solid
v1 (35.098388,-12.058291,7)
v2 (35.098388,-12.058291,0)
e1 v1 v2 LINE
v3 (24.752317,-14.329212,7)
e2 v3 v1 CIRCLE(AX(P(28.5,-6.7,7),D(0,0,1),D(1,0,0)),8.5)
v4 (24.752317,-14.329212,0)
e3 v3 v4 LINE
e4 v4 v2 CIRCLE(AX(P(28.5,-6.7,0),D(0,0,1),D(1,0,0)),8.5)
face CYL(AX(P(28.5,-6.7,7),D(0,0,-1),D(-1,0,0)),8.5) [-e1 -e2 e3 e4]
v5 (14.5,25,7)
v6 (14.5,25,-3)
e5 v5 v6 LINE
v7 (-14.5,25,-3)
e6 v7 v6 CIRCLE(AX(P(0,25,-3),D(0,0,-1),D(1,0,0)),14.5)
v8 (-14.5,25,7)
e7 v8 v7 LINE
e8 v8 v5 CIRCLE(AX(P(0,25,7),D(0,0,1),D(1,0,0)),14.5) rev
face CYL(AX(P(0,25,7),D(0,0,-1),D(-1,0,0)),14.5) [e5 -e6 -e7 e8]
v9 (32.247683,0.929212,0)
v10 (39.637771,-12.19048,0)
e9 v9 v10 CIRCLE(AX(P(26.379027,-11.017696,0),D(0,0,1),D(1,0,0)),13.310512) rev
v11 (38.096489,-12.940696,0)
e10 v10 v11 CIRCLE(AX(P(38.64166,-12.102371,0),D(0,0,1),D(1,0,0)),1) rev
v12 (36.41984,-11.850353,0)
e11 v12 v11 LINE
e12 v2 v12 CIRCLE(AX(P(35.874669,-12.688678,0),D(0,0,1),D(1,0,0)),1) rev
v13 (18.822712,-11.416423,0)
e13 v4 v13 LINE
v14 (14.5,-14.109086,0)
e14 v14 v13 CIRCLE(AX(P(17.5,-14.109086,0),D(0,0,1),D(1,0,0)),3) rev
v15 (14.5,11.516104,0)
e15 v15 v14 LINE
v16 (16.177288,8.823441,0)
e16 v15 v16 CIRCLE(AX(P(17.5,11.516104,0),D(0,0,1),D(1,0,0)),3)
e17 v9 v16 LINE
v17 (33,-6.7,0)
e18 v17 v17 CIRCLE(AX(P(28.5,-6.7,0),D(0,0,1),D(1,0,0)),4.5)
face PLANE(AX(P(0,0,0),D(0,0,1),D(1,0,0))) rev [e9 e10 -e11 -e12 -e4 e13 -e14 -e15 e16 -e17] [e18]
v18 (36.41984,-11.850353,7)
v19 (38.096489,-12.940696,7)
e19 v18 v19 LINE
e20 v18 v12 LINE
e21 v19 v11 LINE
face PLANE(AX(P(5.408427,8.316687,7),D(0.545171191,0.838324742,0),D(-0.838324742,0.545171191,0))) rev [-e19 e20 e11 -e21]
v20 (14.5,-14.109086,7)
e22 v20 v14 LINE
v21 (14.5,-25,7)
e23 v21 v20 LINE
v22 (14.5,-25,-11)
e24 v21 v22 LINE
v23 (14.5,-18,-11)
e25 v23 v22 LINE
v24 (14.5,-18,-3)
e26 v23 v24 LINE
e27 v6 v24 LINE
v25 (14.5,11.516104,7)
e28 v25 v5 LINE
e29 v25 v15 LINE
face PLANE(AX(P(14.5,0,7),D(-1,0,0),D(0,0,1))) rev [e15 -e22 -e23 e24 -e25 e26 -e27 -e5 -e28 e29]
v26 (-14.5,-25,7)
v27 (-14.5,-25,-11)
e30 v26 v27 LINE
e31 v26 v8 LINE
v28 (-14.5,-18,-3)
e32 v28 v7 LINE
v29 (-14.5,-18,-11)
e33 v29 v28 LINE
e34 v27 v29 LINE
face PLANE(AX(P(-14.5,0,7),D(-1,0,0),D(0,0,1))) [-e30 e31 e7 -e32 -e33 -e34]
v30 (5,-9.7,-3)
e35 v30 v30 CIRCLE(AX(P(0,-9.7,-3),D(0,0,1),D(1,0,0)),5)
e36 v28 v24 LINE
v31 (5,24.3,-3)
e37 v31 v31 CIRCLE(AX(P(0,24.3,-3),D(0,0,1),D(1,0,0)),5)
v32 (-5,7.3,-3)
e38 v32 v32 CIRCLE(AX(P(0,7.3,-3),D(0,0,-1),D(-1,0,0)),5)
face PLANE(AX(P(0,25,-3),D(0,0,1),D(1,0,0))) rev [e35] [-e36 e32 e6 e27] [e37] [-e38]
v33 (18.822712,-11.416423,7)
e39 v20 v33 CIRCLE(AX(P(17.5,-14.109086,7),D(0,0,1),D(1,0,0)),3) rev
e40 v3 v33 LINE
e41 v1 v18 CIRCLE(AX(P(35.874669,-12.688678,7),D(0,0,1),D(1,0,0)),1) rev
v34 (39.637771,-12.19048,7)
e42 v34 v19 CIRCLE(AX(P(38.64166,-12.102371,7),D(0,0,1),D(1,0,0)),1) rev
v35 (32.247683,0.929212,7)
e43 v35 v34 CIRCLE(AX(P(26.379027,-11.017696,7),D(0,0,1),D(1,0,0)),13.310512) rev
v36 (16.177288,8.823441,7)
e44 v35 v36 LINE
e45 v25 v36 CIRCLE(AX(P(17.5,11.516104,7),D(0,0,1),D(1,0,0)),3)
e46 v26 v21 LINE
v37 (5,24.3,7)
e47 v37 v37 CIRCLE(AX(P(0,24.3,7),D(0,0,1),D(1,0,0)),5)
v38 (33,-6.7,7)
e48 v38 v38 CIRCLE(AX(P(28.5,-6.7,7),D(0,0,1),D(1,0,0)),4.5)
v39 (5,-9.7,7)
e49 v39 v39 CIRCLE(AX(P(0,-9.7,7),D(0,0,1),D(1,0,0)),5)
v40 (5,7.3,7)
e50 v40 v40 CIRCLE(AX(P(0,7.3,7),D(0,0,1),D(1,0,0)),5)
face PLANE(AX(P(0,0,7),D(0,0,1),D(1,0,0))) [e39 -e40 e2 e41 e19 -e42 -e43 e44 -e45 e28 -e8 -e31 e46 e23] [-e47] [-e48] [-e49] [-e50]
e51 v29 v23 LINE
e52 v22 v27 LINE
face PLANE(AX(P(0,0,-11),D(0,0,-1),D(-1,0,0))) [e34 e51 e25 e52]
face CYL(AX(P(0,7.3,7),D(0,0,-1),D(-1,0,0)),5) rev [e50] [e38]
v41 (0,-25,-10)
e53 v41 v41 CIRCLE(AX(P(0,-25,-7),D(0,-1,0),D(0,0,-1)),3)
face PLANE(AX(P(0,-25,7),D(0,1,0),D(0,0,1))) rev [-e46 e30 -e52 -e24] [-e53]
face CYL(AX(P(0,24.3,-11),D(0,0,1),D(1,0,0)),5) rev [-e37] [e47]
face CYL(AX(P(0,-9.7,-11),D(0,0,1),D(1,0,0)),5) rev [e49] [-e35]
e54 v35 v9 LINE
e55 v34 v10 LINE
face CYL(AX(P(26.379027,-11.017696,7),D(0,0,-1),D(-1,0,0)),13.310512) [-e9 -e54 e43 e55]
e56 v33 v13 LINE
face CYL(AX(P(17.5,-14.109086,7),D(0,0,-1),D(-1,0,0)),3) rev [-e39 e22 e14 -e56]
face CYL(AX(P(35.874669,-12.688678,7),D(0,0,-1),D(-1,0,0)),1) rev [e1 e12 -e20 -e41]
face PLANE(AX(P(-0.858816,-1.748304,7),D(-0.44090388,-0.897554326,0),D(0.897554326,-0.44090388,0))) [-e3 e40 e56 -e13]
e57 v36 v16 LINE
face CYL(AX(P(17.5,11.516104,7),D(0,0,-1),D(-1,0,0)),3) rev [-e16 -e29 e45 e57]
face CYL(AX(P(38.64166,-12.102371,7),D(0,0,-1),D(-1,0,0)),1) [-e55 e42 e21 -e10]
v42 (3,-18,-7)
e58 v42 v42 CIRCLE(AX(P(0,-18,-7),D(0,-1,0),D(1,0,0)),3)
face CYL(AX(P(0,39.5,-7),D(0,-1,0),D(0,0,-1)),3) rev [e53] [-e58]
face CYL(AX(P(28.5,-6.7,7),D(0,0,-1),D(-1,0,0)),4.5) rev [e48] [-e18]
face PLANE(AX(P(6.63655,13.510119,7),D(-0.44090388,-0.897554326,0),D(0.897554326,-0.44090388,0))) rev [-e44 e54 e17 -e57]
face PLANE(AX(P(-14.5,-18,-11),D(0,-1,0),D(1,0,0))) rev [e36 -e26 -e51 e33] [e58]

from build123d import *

# Parameters (mm, degrees)
ESQUISSE1_R             = 5
ESQUISSE1_R_2           = 4.5
BOSS_EXTRU_1_DEPTH      = 7
ESQUISSE4_R             = 5
BOSS_EXTRU_3_DEPTH      = 3
ESQUISSE5_W             = 29
ESQUISSE5_H             = 7
BOSS_EXTRU_4_DEPTH      = 8
ESQUISSE6_R             = 3
ENL_V_MAT_EXTRU_1_DEPTH = 65.5
ESQUISSE8_R             = 5
ENL_V_MAT_EXTRU_2_DEPTH = 19


with BuildPart() as part:
    # Esquisse1 → Boss.-Extru.1 (new body)
    with BuildSketch(Plane.XY):
        with BuildLine():
            Line((-14.5, -25), (14.5, -25))
            Line((14.5, -25), (14.5, -14.109086144))
            ThreePointArc((14.5, -14.109086144), (15.91383086, -11.562702933), (18.822711639, -11.416423165))
            Line((18.822711639, -11.416423165), (24.752317023, -14.329211775))
            ThreePointArc((24.752317023, -14.329211775), (30.322333643, -15.002355093), (35.098387692, -12.05829076))
            ThreePointArc((35.098387692, -12.05829076), (35.719225888, -11.700832999), (36.419839787, -11.850353167))
            Line((36.419839787, -11.850353167), (38.096489271, -12.940695548))
            ThreePointArc((38.096489271, -12.940695548), (39.079315926, -13.001513562), (39.637771245, -12.190480443))
            ThreePointArc((39.637771245, -12.190480443), (37.976265411, -4.485178535), (32.247682977, 0.929211775))
            Line((32.247682977, 0.929211775), (16.177288361, 8.823440709))
            ThreePointArc((16.177288361, 8.823440709), (14.953616789, 9.929934548), (14.5, 11.516103688))
            Line((14.5, 11.516103688), (14.5, 25))
            ThreePointArc((14.5, 25), (0, 39.5), (-14.5, 25))
            Line((-14.5, 25), (-14.5, -25))
        make_face()
        with Locations((0, 7.3)):
            Circle(ESQUISSE1_R, mode=Mode.SUBTRACT)
        with Locations((28.5, -6.7)):
            Circle(ESQUISSE1_R_2, mode=Mode.SUBTRACT)
    extrude(amount=BOSS_EXTRU_1_DEPTH)

    # Esquisse4 → Boss.-Extru.3 (add)
    with BuildSketch(Plane(origin=(0, 0, 0), x_dir=(-1, 0, 0), z_dir=(0, 0, -1))):
        with BuildLine():
            Line((14.5, 25), (14.5, -25))
            Line((14.5, -25), (-14.5, -25))
            Line((-14.5, -25), (-14.5, 25))
            ThreePointArc((-14.5, 25), (0, 39.5), (14.5, 25))
        make_face()
        with Locations((0, 7.3)):
            Circle(ESQUISSE4_R, mode=Mode.SUBTRACT)
    extrude(amount=BOSS_EXTRU_3_DEPTH)

    # Esquisse5 → Boss.-Extru.4 (add)
    with BuildSketch(Plane(origin=(0, 0, -3), x_dir=(-1, 0, 0), z_dir=(0, 0, -1))):
        with Locations((0, -21.5)):
            Rectangle(ESQUISSE5_W, ESQUISSE5_H)
    extrude(amount=BOSS_EXTRU_4_DEPTH)

    # Esquisse6 → Enlèv. mat.-Extru.1 (cut, through all)
    with BuildSketch(Plane.XZ.offset(25)):
        with Locations(Location((0, -7, 0), (0, 0, 270))):  # turned: the seam where the file's is
            Circle(ESQUISSE6_R)
    extrude(amount=-ENL_V_MAT_EXTRU_1_DEPTH, mode=Mode.SUBTRACT)

    # Esquisse8 → Enlèv. mat.-Extru.2 (cut, through all)
    with BuildSketch(Plane.XY.offset(7)):
        with Locations((0, -9.7)):
            Circle(ESQUISSE8_R)
        with Locations((0, 24.3)):
            Circle(ESQUISSE8_R)
    extrude(amount=-ENL_V_MAT_EXTRU_2_DEPTH, mode=Mode.SUBTRACT)


solid = part.part
